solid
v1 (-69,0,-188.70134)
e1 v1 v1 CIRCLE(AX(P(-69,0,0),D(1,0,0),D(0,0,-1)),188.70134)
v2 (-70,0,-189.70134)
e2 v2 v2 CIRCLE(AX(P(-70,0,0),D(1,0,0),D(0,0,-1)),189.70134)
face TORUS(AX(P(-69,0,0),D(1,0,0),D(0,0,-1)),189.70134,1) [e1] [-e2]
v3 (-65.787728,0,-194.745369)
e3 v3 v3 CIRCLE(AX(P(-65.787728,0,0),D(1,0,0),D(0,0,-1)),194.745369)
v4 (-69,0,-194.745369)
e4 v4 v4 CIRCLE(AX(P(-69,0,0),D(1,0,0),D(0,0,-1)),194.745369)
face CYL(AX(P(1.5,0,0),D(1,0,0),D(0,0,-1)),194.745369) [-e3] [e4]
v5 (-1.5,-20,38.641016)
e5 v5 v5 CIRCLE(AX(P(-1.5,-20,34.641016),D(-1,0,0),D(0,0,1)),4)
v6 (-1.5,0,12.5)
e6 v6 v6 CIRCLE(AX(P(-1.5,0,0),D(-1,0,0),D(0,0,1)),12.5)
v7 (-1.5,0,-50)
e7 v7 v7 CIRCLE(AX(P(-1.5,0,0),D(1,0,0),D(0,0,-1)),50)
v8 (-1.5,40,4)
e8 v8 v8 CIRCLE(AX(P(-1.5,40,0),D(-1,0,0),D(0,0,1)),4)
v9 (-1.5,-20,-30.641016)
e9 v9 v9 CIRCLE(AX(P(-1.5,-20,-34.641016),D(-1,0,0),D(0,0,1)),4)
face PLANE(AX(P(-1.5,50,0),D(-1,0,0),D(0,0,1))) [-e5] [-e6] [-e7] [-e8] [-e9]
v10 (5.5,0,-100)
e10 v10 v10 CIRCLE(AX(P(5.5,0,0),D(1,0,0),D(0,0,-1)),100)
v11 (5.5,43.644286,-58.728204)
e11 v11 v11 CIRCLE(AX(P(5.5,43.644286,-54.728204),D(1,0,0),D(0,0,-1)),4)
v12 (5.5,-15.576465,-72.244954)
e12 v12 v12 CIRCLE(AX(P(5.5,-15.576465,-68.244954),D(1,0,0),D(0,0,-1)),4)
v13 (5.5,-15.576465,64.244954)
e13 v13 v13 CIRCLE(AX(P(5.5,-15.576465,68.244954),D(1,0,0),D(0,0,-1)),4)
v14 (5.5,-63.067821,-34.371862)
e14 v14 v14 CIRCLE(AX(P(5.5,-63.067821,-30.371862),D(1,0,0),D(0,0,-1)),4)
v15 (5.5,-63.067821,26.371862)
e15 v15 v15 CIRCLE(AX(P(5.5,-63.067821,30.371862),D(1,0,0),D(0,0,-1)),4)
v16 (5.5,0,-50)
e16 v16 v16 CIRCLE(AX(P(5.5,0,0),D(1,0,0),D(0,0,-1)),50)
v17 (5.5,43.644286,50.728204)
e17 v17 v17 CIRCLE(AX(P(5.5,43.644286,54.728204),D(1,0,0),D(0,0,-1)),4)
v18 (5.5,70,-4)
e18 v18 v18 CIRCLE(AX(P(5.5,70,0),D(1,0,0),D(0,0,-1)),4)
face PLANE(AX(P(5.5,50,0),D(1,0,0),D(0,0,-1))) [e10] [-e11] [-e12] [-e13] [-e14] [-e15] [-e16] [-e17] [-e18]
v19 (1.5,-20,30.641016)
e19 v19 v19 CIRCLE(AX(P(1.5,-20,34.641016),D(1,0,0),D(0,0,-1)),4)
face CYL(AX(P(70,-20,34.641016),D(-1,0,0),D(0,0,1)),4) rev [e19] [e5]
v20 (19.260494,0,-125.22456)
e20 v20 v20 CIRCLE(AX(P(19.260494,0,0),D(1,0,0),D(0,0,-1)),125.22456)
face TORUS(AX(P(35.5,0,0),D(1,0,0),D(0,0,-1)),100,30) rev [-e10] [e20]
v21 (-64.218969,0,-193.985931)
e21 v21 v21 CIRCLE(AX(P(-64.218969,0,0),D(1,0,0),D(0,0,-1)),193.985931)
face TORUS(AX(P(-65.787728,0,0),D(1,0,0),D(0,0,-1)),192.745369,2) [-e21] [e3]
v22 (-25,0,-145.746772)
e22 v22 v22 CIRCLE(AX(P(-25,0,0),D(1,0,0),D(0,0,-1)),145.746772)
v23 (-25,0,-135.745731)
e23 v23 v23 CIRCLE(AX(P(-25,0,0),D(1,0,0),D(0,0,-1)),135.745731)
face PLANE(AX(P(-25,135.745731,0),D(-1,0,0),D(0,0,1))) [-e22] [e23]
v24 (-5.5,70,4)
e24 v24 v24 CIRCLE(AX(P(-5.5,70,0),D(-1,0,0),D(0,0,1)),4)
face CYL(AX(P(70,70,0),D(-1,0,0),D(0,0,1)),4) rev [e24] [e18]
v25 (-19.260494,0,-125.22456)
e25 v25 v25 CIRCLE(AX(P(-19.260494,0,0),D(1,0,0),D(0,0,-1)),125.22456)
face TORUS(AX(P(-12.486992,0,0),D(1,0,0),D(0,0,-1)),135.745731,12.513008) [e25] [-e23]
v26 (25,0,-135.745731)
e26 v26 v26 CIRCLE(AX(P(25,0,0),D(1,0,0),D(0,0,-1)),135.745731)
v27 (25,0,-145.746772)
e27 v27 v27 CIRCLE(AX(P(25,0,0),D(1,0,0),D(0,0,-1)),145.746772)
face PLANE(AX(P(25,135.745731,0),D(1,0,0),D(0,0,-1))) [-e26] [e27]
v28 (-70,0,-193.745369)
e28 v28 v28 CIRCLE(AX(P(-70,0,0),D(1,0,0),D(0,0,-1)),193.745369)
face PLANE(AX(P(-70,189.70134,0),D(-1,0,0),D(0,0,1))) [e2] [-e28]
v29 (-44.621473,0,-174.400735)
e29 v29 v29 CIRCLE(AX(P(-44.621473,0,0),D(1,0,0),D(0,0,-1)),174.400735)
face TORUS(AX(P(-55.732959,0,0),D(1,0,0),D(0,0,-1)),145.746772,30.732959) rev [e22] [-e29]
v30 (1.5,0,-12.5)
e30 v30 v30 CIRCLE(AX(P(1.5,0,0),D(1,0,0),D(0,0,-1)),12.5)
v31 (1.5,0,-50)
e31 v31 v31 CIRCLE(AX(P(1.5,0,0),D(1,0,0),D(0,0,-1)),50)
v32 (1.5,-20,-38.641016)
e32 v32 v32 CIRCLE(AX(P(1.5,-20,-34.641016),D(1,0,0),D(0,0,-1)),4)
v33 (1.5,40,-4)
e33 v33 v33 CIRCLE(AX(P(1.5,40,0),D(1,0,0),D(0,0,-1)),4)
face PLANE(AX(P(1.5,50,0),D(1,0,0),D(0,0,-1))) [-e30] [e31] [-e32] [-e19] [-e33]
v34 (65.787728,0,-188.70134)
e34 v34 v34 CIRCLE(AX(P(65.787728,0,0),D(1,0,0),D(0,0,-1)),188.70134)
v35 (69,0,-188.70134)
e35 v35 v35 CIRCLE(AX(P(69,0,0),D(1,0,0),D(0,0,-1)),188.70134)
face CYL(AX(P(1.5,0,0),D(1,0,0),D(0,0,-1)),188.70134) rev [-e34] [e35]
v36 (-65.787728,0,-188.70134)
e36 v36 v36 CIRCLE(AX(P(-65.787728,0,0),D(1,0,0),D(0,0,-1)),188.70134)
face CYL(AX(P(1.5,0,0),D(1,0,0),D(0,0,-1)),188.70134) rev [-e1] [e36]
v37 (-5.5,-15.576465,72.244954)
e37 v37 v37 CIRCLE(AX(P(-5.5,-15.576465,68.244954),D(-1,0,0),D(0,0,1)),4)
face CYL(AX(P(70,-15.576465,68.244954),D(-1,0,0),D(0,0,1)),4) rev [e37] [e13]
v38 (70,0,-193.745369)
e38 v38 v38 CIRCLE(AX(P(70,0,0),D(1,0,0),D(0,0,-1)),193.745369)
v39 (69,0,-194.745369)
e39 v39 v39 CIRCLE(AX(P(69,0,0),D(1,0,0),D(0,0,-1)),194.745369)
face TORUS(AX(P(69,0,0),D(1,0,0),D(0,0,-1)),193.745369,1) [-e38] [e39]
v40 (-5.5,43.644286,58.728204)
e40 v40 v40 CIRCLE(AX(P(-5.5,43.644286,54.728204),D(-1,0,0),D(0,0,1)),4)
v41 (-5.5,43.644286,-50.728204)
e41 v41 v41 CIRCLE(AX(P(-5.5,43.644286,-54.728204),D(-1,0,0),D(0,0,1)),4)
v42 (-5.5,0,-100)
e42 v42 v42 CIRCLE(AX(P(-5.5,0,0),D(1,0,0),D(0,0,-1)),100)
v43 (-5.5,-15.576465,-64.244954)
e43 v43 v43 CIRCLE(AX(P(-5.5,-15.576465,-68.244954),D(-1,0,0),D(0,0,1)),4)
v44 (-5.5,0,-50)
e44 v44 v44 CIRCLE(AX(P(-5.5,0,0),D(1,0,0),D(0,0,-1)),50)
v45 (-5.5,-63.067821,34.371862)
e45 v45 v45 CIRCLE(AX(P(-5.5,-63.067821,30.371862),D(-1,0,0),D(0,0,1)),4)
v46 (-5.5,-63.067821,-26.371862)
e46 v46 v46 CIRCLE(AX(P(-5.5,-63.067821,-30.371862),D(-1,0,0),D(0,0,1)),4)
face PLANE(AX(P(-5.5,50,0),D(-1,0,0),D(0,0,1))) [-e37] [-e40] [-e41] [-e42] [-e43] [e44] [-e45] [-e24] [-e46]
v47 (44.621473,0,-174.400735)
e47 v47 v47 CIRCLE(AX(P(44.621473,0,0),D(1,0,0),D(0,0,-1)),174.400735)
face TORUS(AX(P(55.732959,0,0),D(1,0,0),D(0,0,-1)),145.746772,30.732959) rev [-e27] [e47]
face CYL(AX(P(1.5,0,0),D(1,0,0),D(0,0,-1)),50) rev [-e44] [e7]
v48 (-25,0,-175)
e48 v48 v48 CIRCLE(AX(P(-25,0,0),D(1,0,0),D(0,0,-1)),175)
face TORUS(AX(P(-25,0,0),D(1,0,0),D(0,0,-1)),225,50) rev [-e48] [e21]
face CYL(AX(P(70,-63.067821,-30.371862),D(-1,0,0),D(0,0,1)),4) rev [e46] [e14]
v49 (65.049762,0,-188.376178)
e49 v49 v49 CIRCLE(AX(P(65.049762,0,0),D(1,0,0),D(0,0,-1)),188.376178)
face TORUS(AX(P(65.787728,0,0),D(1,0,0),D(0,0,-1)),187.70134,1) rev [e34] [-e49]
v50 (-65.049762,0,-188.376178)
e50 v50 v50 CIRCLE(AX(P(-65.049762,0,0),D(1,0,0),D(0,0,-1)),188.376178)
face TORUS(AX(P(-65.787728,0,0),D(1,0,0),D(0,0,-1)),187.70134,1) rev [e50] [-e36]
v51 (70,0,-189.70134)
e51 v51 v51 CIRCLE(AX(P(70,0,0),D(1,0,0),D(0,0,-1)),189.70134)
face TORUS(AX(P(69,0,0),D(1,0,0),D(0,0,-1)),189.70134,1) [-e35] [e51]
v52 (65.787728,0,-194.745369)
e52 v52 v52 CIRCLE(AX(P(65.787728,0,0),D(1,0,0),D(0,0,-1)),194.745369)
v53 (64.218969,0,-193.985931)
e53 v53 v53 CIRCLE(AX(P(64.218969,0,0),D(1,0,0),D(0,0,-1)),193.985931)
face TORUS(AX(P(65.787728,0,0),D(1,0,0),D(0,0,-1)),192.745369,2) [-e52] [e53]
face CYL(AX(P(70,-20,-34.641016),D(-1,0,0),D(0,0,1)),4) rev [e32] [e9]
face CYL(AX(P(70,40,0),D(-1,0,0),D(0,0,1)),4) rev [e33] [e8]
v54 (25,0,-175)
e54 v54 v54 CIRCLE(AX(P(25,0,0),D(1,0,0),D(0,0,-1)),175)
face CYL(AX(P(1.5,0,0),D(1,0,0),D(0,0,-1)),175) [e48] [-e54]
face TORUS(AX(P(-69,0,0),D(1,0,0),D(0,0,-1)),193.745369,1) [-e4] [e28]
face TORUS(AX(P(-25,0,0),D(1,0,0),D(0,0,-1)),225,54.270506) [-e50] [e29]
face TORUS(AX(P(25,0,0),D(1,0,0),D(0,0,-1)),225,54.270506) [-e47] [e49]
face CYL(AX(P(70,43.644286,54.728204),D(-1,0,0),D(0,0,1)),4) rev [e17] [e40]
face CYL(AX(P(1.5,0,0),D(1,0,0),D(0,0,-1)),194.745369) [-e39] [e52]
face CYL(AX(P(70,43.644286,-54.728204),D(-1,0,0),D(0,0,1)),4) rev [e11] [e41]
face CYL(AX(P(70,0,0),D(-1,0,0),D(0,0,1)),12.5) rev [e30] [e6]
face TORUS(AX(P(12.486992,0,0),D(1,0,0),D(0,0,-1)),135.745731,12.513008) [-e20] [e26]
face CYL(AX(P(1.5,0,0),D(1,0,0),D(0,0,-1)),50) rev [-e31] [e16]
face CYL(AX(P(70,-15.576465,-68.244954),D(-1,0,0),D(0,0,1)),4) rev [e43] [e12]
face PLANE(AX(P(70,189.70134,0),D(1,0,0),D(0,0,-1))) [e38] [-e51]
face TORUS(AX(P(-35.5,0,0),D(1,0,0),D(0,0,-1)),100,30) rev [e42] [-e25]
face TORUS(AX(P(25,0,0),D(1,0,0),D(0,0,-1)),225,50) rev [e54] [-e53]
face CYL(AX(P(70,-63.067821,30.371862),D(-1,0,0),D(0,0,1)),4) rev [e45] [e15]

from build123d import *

# Parameters (mm, degrees)
SKETCH_2_R               = 4
CUT_EXTRUDE_1_DEPTH      = 285.541327873
PATTERN_CIRCULAR_1_COUNT = 3
SKETCH_3_R               = 4
CUT_EXTRUDE_2_DEPTH      = 286.572700496
PATTERN_CIRCULAR_2_COUNT = 7
CUT_EXTRUDE_3_DEPTH      = 285.541327873
CUT_EXTRUDE_3_DEPTH_BACK = 285.541327873
SKETCH_4_R               = 12.5


with BuildPart() as part:
    # 草图1 → 旋转1 (revolve)
    with BuildSketch(Plane.XY):
        with BuildLine():
            Line((1.5, 0), (-1.5, 0))
            Line((-1.5, 0), (-1.5, 50))
            Line((-1.5, 50), (-5.5, 50))
            Line((-5.5, 50), (-5.5, 100))
            ThreePointArc((-5.5, 100), (-9.163853982, 114.366885985), (-19.260494194, 125.224560476))
            ThreePointArc((-19.260494194, 125.224560476), (-23.471805525, 129.753299407), (-25, 135.745731391))
            Line((-25, 135.745731391), (-25, 145.746771531))
            ThreePointArc((-25, 145.746771531), (-30.375478829, 163.110900218), (-44.621473349, 174.400735373))
            ThreePointArc((-44.621473349, 174.400735373), (-55.642982017, 180.208310478), (-65.049762478, 188.376178209))
            ThreePointArc((-65.049762478, 188.376178209), (-65.384514917, 188.616445916), (-65.787728006, 188.7013398))
            Line((-65.787728006, 188.7013398), (-69, 188.7013398))
            ThreePointArc((-69, 188.7013398), (-69.707106781, 188.994233018), (-70, 189.7013398))
            Line((-70, 189.7013398), (-70, 193.745368641))
            ThreePointArc((-70, 193.745368641), (-69.707106781, 194.452475423), (-69, 194.745368641))
            Line((-69, 194.745368641), (-65.787728006, 194.745368641))
            ThreePointArc((-65.787728006, 194.745368641), (-64.916271034, 194.545524953), (-64.218969237, 193.985931386))
            ThreePointArc((-64.218969237, 193.985931386), (-46.78642432, 179.996092221), (-25, 175))
            Line((-25, 175), (25, 175))
            ThreePointArc((25, 175), (46.78642432, 179.996092221), (64.218969237, 193.985931386))
            ThreePointArc((64.218969237, 193.985931386), (64.916271034, 194.545524953), (65.787728006, 194.745368641))
            Line((65.787728006, 194.745368641), (69, 194.745368641))
            ThreePointArc((69, 194.745368641), (69.707106781, 194.452475423), (70, 193.745368641))
            Line((70, 193.745368641), (70, 189.7013398))
            ThreePointArc((70, 189.7013398), (69.707106781, 188.994233018), (69, 188.7013398))
            Line((69, 188.7013398), (65.787728006, 188.7013398))
            ThreePointArc((65.787728006, 188.7013398), (65.384514917, 188.616445916), (65.049762478, 188.376178209))
            ThreePointArc((65.049762478, 188.376178209), (55.642982017, 180.208310478), (44.621473349, 174.400735373))
            ThreePointArc((44.621473349, 174.400735373), (30.375478829, 163.110900218), (25, 145.746771531))
            Line((25, 145.746771531), (25, 135.745731391))
            ThreePointArc((25, 135.745731391), (23.471805525, 129.753299407), (19.260494194, 125.224560476))
            ThreePointArc((19.260494194, 125.224560476), (9.163853982, 114.366885985), (5.5, 100))
            Line((5.5, 100), (5.5, 50))
            Line((5.5, 50), (1.5, 50))
            Line((1.5, 50), (1.5, 0))
        make_face()
    revolve(axis=Axis((1.5, 0, 0), (-1, 0, 0)))

    # 草图2 → 切除-拉伸1 (cut, symmetric)
    with BuildSketch(Plane.ZY.offset(1.5)):
        with Locations((0, 40)):
            Circle(SKETCH_2_R)
    cut_extrude_1 = extrude(amount=CUT_EXTRUDE_1_DEPTH, both=True, mode=Mode.SUBTRACT)

    # 阵列(圆周)1: 切除-拉伸1 ×3 about axis
    pattern_circular_1_axis = Axis((-25, 0, 0), (1, 0, 0))
    for i in range(1, PATTERN_CIRCULAR_1_COUNT):
        add(cut_extrude_1.rotate(pattern_circular_1_axis, i * 360 / PATTERN_CIRCULAR_1_COUNT), mode=Mode.SUBTRACT)

    # 草图3 → 切除-拉伸2 (cut, symmetric)
    with BuildSketch(Plane.ZY.offset(5.5)):
        with Locations((0, 70)):
            Circle(SKETCH_3_R)
    cut_extrude_2 = extrude(amount=CUT_EXTRUDE_2_DEPTH, both=True, mode=Mode.SUBTRACT)

    # 阵列(圆周)2: 切除-拉伸2 ×7 about axis
    pattern_circular_2_axis = Axis((-25, 0, 0), (1, 0, 0))
    for i in range(1, PATTERN_CIRCULAR_2_COUNT):
        add(cut_extrude_2.rotate(pattern_circular_2_axis, i * 360 / PATTERN_CIRCULAR_2_COUNT), mode=Mode.SUBTRACT)

    # 草图4 → 切除-拉伸3 (cut, two sides: drawn at the far end of the back side and taken through both)
    with BuildSketch(Plane.ZY.offset(1.5).offset(-CUT_EXTRUDE_3_DEPTH_BACK)):
        Circle(SKETCH_4_R)
    extrude(amount=CUT_EXTRUDE_3_DEPTH + CUT_EXTRUDE_3_DEPTH_BACK, mode=Mode.SUBTRACT)


solid = part.part
